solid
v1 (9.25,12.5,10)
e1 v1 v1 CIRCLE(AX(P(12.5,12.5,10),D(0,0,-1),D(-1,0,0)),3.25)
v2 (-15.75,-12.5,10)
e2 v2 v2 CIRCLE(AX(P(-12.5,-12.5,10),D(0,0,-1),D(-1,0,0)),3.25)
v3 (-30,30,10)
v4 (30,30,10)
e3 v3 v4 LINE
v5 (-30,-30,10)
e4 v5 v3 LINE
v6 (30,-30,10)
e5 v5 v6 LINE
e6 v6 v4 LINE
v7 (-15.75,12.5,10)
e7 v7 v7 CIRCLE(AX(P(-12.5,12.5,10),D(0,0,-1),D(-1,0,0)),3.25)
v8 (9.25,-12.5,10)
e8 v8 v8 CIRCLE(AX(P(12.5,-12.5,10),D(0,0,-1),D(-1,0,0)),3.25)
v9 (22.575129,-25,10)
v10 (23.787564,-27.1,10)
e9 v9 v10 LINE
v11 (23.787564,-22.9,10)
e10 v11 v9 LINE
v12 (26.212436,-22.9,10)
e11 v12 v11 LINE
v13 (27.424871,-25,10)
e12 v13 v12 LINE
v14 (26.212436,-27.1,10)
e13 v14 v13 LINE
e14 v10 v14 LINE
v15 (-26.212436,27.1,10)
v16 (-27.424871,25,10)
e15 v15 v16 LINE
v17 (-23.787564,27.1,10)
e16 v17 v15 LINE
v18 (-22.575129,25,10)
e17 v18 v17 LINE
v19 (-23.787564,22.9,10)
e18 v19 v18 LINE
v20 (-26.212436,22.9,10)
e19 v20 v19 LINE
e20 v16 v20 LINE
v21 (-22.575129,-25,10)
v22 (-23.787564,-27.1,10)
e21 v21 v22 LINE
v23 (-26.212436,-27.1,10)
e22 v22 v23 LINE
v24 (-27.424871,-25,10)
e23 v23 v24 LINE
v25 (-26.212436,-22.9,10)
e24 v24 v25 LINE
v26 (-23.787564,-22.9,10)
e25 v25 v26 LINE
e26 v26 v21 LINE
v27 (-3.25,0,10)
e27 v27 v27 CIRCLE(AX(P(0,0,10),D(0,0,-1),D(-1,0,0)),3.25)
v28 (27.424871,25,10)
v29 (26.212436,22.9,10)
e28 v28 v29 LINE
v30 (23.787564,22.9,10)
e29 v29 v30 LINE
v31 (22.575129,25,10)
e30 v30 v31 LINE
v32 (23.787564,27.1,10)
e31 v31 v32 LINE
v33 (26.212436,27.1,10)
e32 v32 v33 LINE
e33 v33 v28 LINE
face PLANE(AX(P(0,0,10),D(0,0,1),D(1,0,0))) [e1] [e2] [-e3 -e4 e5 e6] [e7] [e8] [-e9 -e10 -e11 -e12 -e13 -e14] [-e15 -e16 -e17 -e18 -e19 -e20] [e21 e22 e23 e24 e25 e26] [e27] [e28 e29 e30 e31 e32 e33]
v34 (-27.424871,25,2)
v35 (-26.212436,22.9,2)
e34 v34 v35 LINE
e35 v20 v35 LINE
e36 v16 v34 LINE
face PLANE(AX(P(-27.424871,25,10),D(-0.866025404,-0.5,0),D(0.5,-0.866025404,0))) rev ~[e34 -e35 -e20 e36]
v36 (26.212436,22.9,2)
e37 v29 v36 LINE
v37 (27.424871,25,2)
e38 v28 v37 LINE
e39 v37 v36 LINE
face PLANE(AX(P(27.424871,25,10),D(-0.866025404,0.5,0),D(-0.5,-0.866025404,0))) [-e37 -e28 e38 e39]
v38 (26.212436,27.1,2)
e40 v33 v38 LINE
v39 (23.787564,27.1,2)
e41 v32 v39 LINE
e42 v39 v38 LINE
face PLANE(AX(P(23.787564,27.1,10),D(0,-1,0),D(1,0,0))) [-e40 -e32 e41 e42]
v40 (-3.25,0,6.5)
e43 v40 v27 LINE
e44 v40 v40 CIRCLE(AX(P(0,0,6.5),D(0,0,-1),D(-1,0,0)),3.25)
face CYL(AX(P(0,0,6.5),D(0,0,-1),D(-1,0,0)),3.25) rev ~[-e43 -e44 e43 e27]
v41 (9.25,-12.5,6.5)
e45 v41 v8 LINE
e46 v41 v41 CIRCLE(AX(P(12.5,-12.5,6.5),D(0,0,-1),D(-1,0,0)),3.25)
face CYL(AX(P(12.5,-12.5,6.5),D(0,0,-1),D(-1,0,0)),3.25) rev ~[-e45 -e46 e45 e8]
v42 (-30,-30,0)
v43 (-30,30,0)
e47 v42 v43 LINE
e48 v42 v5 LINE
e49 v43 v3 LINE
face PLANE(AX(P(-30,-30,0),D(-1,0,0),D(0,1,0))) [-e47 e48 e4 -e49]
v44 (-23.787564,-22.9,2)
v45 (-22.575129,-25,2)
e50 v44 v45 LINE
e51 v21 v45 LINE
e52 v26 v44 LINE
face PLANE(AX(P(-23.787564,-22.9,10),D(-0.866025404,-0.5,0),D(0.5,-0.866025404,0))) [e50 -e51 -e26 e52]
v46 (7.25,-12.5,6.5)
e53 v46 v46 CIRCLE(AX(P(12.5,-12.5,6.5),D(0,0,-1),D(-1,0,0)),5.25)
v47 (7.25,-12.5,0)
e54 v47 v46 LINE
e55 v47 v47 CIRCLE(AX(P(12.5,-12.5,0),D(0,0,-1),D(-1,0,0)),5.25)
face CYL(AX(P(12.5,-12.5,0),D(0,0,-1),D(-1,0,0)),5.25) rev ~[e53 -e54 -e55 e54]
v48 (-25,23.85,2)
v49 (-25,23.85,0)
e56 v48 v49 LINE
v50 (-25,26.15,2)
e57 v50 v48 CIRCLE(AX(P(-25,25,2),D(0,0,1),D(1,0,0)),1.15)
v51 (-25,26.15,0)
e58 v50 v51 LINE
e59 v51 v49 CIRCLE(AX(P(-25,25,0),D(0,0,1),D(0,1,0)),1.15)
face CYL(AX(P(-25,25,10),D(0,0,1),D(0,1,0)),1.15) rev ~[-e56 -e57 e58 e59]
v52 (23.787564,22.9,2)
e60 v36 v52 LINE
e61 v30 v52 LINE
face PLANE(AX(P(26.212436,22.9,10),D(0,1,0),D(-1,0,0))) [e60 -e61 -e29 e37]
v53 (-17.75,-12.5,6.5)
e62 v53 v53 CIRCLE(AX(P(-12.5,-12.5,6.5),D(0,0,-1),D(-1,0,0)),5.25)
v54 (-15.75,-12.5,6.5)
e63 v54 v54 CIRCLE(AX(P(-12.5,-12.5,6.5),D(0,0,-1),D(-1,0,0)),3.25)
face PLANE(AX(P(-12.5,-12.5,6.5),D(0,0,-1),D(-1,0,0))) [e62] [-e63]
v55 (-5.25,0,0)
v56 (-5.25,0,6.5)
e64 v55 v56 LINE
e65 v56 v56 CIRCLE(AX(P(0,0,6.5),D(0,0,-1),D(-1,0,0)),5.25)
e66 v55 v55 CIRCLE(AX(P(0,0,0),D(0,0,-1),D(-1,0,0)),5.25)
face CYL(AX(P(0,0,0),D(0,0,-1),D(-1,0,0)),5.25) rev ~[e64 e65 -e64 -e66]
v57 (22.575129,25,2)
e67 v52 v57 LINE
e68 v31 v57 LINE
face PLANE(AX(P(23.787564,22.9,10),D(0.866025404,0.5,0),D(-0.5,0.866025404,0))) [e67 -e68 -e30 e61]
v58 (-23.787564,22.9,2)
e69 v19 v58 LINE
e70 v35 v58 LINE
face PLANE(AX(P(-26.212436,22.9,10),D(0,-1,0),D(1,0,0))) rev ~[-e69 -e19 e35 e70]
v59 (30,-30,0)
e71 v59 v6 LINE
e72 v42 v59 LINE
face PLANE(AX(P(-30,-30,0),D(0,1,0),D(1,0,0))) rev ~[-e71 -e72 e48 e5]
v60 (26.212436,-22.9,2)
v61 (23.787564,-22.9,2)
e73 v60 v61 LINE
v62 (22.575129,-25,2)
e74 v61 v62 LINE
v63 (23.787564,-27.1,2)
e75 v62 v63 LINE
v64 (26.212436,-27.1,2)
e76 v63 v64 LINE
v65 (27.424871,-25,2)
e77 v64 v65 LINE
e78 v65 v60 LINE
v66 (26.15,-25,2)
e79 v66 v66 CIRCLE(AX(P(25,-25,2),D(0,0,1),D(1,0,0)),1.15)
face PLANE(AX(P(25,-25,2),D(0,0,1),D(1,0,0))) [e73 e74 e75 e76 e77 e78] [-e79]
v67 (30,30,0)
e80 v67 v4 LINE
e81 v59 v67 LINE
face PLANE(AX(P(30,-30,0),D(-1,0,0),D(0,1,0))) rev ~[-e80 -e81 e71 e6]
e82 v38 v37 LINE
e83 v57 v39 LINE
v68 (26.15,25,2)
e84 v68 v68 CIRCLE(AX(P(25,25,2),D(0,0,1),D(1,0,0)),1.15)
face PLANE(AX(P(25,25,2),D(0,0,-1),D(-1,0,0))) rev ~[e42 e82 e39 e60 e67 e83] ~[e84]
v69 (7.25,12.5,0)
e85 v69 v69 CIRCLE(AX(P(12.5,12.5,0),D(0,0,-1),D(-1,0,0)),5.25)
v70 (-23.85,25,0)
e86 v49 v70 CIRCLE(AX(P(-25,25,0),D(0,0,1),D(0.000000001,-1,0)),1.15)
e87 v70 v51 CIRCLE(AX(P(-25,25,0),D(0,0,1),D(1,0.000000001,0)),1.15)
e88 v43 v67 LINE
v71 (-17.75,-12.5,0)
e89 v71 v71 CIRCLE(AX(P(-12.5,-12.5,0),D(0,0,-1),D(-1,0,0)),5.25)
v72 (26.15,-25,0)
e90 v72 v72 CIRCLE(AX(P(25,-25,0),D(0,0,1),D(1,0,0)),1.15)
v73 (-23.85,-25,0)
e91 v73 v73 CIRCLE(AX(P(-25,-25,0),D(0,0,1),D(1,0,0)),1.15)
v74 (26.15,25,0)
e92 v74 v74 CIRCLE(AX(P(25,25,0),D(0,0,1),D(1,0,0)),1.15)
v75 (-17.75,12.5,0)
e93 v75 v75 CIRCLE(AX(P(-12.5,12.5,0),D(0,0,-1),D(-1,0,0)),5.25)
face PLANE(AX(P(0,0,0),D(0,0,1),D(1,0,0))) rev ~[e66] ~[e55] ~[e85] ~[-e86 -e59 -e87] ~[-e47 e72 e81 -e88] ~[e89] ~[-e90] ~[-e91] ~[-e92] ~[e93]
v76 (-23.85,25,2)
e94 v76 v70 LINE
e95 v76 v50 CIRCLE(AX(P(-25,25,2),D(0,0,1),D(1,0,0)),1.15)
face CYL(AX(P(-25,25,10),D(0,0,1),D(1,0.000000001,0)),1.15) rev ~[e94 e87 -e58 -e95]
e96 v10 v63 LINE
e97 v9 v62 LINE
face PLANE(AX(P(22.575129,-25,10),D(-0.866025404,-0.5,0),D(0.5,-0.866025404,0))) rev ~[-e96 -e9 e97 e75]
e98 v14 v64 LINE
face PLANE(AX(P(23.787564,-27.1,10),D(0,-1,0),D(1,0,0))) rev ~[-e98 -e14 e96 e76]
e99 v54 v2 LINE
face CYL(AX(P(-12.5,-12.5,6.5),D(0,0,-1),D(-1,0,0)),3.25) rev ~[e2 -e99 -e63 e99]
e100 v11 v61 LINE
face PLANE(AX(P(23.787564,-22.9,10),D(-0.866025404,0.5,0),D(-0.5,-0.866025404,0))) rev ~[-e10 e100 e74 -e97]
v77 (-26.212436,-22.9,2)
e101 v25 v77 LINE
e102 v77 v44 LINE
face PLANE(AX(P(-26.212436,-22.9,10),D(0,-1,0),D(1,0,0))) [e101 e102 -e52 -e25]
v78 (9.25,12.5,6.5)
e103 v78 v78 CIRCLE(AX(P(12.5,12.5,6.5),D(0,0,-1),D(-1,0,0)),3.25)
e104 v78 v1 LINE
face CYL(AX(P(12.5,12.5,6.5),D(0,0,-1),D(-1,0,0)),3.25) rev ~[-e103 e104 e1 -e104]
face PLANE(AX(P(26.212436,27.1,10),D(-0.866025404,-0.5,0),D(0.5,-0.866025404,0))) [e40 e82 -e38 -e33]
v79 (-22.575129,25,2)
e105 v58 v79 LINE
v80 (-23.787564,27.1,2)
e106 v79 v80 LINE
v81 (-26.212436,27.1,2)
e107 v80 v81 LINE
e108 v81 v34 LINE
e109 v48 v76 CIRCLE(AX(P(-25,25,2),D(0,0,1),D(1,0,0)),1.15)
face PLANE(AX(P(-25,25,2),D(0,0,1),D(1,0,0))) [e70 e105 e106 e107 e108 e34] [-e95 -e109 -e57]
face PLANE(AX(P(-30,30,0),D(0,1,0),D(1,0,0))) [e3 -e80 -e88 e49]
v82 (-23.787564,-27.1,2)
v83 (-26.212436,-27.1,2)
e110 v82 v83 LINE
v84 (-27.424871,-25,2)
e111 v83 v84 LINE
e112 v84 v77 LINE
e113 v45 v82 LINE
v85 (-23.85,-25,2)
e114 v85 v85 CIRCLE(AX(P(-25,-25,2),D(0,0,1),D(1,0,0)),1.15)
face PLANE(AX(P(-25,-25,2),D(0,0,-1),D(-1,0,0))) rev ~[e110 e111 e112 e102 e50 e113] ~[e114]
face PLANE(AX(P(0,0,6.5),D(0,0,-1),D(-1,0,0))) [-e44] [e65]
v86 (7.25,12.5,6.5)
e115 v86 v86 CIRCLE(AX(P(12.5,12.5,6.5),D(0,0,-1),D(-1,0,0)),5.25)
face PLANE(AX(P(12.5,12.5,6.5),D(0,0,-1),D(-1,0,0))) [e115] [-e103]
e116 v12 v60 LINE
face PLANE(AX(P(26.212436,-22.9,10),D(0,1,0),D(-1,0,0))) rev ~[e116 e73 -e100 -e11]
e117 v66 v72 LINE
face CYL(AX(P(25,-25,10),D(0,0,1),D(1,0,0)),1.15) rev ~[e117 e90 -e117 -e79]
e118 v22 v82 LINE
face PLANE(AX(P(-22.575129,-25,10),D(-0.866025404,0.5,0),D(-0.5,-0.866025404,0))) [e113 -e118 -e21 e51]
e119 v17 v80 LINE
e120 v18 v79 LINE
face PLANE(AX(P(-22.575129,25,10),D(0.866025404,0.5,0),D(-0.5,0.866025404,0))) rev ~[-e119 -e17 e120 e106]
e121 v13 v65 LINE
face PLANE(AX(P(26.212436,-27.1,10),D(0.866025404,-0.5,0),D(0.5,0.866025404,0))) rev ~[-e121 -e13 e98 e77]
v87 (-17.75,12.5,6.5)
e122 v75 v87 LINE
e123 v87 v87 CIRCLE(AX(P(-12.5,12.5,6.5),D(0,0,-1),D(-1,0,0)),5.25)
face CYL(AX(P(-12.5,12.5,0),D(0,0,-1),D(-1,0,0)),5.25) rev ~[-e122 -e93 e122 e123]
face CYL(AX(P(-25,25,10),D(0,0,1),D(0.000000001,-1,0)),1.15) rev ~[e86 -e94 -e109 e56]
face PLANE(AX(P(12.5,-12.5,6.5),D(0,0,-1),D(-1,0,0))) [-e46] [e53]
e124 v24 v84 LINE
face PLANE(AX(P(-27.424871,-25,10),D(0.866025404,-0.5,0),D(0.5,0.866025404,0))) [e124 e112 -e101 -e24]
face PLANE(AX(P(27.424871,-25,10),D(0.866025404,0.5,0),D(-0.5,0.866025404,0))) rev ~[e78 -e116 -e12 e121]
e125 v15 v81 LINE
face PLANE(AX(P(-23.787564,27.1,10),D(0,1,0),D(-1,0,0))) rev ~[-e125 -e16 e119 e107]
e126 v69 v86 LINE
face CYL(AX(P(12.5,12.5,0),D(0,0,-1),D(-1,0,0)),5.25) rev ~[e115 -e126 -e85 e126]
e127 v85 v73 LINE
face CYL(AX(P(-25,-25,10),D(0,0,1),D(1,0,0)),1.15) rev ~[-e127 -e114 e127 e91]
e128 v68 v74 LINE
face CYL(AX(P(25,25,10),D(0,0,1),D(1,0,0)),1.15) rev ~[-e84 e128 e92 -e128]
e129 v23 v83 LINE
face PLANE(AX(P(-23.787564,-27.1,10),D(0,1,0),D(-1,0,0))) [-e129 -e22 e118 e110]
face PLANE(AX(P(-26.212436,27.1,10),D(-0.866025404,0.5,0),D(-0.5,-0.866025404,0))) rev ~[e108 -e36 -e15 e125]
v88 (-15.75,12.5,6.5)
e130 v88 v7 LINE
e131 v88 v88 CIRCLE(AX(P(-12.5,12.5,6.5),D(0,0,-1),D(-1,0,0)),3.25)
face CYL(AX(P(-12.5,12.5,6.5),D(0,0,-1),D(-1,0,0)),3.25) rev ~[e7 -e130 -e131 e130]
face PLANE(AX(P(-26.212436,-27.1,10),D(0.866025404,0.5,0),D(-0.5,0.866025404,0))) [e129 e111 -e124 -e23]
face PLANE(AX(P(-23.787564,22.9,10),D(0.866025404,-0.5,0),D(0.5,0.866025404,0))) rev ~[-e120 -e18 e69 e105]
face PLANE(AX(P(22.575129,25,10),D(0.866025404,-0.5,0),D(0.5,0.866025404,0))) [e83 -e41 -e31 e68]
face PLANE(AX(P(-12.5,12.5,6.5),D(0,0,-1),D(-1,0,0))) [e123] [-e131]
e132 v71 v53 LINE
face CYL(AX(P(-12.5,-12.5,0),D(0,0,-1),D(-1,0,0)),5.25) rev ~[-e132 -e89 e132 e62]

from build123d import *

# Parameters (mm, degrees)
SKETCH1_W           = 60
SKETCH1_H           = 60
BOSS_EXTRUDE1_DEPTH = 10
SKETCH2_R           = 1.15
CUT_EXTRUDE1_DEPTH  = 44.588989435
SKETCH3_R           = 1.15
CUT_EXTRUDE2_DEPTH  = 8
SKETCH5_R           = 5.25
CUT_EXTRUDE4_DEPTH  = 6.5
SKETCH6_R           = 3.25
CUT_EXTRUDE5_DEPTH  = 43.921439864


with BuildPart() as part:
    # Sketch1 → Boss-Extrude1 (new body)
    with BuildSketch(Plane.XY):
        Rectangle(SKETCH1_W, SKETCH1_H)
    extrude(amount=BOSS_EXTRUDE1_DEPTH)

    # Sketch2 → Cut-Extrude1 (cut, through all)
    with BuildSketch(Plane.XY.offset(10)):
        with BuildLine():
            ThreePointArc((-25, 26.15), (-26.15, 25), (-25, 23.85))
            Line((-25, 23.85), (-25, 26.15))
        make_face()
        with BuildLine():
            Line((-25, 26.15), (-25, 23.85))
            ThreePointArc((-25, 23.85), (-24.186827202, 24.186827202), (-23.85, 25))
            ThreePointArc((-23.85, 25), (-24.186827202, 25.813172798), (-25, 26.15))
        make_face()
        with Locations((25, 25)):
            Circle(SKETCH2_R)
        with Locations((25, -25)):
            Circle(SKETCH2_R)
        with Locations((-25, -25)):
            Circle(SKETCH2_R)
    extrude(amount=-CUT_EXTRUDE1_DEPTH, mode=Mode.SUBTRACT)

    # Sketch3 → Cut-Extrude2 (cut)
    # profile 1 of 4: a face of its own
    with BuildSketch(Plane.XY.offset(10)):
        Polygon((-26.212435565, 22.9), (-23.787564435, 22.9), (-22.575128869, 25), (-23.787564435, 27.1), (-26.212435565, 27.1), (-27.424871131, 25), align=None)
        with Locations((-25, 25)):
            Circle(SKETCH3_R, mode=Mode.SUBTRACT)
    # profile 2 of 4: a face of its own
    with BuildSketch(Plane.XY.offset(10)):
        Polygon((22.575128869, 25), (23.787564435, 27.1), (26.212435565, 27.1), (27.424871131, 25), (26.212435565, 22.9), (23.787564435, 22.9), align=None)
        with Locations((25, 25)):
            Circle(SKETCH3_R, mode=Mode.SUBTRACT)
    # profile 3 of 4: a face of its own
    with BuildSketch(Plane.XY.offset(10)):
        Polygon((26.212435565, -22.9), (23.787564435, -22.9), (22.575128869, -25), (23.787564435, -27.1), (26.212435565, -27.1), (27.424871131, -25), align=None)
        with Locations((25, -25)):
            Circle(SKETCH3_R, mode=Mode.SUBTRACT)
    # profile 4 of 4: a face of its own
    with BuildSketch(Plane.XY.offset(10)):
        Polygon((-22.575128869, -25), (-23.787564435, -27.1), (-26.212435565, -27.1), (-27.424871131, -25), (-26.212435565, -22.9), (-23.787564435, -22.9), align=None)
        with Locations((-25, -25)):
            Circle(SKETCH3_R, mode=Mode.SUBTRACT)
    extrude(amount=-CUT_EXTRUDE2_DEPTH, mode=Mode.SUBTRACT)

    # Sketch5 → Cut-Extrude4 (cut)
    with BuildSketch(Plane(origin=(0, 0, 0), x_dir=(-1, 0, 0), z_dir=(0, 0, -1))):
        with Locations((-12.5, 12.5)):
            Circle(SKETCH5_R)
        with Locations((12.5, 12.5)):
            Circle(SKETCH5_R)
        Circle(SKETCH5_R)
        with Locations((-12.5, -12.5)):
            Circle(SKETCH5_R)
        with Locations((12.5, -12.5)):
            Circle(SKETCH5_R)
    extrude(amount=-CUT_EXTRUDE4_DEPTH, mode=Mode.SUBTRACT)

    # Sketch6 → Cut-Extrude5 (cut, through all)
    with BuildSketch(Plane(origin=(0, 0, 6.5), x_dir=(-1, 0, 0), z_dir=(0, 0, -1))):
        with Locations((-12.5, 12.5)):
            Circle(SKETCH6_R)
        with Locations((12.5, 12.5)):
            Circle(SKETCH6_R)
        Circle(SKETCH6_R)
        with Locations((-12.5, -12.5)):
            Circle(SKETCH6_R)
        with Locations((12.5, -12.5)):
            Circle(SKETCH6_R)
    extrude(amount=-CUT_EXTRUDE5_DEPTH, mode=Mode.SUBTRACT)


solid = part.part
